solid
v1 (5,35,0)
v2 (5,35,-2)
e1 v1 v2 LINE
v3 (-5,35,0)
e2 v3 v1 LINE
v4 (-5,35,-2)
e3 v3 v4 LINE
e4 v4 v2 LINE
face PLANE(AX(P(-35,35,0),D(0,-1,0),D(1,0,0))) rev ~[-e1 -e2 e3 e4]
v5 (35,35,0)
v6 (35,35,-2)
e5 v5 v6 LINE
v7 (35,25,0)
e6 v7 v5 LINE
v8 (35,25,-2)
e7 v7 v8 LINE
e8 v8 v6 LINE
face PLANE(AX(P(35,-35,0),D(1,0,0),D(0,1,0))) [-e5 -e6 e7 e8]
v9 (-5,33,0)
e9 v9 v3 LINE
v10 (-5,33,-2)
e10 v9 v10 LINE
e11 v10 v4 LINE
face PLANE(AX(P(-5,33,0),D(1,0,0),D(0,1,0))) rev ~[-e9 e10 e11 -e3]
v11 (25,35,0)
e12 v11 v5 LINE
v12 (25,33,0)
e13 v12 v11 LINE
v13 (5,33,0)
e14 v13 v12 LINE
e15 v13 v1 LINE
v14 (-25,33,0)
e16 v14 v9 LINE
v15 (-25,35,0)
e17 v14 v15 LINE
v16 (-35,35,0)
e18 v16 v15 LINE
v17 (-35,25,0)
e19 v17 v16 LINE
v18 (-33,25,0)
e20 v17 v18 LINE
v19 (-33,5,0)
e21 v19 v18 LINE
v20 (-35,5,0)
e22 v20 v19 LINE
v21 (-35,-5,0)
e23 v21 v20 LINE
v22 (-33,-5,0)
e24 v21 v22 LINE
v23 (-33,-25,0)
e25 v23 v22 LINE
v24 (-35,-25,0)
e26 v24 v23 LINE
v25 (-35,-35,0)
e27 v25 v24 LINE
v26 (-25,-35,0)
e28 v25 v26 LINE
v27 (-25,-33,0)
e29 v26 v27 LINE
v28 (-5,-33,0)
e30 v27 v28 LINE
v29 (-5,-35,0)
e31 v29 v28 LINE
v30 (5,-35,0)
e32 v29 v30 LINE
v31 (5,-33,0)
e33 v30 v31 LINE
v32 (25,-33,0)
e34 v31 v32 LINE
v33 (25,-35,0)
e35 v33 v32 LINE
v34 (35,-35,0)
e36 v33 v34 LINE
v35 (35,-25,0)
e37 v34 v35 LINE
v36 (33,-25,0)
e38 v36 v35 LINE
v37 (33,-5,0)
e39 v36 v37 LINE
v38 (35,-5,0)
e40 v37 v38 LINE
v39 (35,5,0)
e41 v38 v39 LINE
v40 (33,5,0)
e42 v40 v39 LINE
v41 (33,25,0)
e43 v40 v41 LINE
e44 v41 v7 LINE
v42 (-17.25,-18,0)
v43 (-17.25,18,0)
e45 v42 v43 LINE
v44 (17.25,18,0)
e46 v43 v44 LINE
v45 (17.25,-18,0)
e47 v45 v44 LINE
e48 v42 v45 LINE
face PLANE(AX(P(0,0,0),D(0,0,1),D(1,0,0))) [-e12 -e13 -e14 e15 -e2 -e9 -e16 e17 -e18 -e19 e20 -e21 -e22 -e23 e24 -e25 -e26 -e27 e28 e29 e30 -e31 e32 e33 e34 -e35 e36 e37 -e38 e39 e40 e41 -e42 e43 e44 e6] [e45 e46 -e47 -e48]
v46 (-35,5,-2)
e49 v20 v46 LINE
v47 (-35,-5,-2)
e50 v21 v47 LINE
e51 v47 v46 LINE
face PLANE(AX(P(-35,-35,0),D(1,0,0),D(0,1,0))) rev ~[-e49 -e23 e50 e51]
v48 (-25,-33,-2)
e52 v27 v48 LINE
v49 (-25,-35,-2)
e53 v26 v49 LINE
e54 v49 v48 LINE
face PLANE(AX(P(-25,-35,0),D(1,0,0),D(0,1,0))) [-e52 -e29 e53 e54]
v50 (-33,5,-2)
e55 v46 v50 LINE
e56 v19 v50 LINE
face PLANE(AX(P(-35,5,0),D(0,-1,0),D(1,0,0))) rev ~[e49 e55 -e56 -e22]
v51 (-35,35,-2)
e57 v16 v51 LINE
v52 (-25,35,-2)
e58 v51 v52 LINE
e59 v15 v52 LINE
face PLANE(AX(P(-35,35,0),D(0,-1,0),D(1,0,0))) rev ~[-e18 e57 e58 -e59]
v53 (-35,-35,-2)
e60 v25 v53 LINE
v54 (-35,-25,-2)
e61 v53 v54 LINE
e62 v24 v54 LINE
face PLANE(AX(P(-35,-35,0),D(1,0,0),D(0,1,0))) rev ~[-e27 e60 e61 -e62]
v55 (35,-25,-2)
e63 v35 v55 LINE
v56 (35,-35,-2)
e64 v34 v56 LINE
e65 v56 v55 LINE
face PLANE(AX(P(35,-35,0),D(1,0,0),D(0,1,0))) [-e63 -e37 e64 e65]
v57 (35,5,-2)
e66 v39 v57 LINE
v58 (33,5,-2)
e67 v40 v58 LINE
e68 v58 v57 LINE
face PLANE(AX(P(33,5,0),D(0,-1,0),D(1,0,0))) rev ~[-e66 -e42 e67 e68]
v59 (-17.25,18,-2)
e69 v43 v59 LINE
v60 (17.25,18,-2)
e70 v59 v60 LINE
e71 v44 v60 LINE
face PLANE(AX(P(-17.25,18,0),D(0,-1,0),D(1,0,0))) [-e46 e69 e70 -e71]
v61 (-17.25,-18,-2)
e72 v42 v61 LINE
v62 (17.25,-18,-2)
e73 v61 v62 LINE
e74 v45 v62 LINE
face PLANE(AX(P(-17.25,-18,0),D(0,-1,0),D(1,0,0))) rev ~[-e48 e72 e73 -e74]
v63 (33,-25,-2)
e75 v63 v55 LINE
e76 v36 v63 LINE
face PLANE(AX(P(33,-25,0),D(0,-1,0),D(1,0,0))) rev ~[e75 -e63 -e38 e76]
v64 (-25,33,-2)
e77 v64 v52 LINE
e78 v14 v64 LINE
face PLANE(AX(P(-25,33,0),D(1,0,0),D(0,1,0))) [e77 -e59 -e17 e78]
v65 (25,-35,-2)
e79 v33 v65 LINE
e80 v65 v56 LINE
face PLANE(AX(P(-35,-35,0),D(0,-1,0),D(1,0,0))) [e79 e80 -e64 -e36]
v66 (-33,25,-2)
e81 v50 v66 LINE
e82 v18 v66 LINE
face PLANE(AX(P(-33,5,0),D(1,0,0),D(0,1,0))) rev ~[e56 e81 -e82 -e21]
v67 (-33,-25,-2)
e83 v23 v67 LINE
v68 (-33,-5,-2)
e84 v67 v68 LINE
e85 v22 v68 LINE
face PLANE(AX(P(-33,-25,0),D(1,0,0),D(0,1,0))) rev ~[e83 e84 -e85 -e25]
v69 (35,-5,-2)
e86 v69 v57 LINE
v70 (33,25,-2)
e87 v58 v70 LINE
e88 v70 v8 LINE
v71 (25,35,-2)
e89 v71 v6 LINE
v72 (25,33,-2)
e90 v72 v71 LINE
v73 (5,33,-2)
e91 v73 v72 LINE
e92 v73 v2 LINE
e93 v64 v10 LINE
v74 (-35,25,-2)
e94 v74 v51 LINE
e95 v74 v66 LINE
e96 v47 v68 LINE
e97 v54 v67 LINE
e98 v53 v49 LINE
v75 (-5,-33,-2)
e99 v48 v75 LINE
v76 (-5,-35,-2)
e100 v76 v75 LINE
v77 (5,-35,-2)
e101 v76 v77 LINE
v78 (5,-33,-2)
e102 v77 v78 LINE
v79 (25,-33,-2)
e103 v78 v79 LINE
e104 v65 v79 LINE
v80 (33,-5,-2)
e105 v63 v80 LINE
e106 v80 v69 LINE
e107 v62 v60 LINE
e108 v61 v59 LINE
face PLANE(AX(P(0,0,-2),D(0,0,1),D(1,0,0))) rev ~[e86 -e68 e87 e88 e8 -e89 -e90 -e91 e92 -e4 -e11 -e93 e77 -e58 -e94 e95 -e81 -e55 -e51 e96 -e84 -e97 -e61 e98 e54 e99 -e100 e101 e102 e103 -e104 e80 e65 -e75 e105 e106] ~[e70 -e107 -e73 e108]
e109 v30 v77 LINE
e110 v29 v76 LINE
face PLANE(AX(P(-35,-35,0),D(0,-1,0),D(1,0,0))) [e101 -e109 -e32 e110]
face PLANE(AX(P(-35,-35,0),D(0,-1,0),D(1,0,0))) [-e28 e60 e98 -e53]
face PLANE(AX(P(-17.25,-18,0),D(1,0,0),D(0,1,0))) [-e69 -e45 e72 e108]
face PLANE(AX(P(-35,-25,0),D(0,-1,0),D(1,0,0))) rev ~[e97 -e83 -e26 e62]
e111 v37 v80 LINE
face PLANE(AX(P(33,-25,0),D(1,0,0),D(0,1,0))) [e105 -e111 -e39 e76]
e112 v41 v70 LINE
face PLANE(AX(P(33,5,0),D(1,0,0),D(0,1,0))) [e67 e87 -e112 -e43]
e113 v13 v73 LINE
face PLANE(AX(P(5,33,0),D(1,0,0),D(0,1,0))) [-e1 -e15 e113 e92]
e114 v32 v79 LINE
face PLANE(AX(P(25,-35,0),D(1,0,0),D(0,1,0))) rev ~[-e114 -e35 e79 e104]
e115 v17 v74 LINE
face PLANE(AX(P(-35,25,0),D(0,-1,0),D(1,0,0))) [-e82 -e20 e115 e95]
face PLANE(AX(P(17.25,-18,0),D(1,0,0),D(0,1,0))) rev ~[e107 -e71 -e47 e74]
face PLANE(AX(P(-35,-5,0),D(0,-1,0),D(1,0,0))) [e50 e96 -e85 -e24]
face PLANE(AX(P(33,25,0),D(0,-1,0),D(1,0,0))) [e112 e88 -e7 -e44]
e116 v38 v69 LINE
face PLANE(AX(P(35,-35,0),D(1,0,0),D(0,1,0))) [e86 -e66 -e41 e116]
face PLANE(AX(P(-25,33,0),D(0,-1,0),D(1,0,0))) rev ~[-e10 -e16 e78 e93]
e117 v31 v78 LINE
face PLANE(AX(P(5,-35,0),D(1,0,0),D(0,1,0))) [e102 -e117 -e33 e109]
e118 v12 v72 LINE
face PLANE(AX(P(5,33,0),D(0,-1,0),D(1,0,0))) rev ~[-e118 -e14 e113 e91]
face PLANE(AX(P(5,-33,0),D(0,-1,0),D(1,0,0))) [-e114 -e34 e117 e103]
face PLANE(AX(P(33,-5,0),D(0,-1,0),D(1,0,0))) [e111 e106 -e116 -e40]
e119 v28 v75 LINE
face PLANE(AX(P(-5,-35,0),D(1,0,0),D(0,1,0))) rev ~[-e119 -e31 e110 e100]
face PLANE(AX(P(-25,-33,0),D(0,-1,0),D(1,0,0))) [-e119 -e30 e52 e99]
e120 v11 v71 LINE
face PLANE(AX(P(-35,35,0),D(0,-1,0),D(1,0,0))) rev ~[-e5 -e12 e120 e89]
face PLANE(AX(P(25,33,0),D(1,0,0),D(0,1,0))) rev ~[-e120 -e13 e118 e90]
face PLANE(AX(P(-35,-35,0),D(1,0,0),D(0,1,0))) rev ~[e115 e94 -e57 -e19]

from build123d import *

# Parameters (mm, degrees)
SKETCH1_W           = 70
SKETCH1_H           = 70
SKETCH1_W_2         = 34.5
SKETCH1_H_2         = 36
BOSS_EXTRUDE1_DEPTH = 2
SKETCH2_W           = 2
SKETCH2_H           = 20
SKETCH2_W_2         = 20
SKETCH2_H_2         = 2
CUT_EXTRUDE1_DEPTH  = 2


with BuildPart() as part:
    # Sketch1 → Boss-Extrude1 (new body)
    with BuildSketch(Plane.XY):
        Rectangle(SKETCH1_W, SKETCH1_H)
        Rectangle(SKETCH1_W_2, SKETCH1_H_2, mode=Mode.SUBTRACT)
    extrude(amount=-BOSS_EXTRUDE1_DEPTH)

    # Sketch2 → Cut-Extrude1 (cut)
    with BuildSketch(Plane.XY):
        with Locations((-34, 15)):
            Rectangle(SKETCH2_W, SKETCH2_H)
        with Locations((-34, -15)):
            Rectangle(SKETCH2_W, SKETCH2_H)
        with Locations((-15, -34)):
            Rectangle(SKETCH2_W_2, SKETCH2_H_2)
        with Locations((15, -34)):
            Rectangle(SKETCH2_W_2, SKETCH2_H_2)
        with Locations((34, -15)):
            Rectangle(SKETCH2_W, SKETCH2_H)
        with Locations((34, 15)):
            Rectangle(SKETCH2_W, SKETCH2_H)
        with Locations((15, 34)):
            Rectangle(SKETCH2_W_2, SKETCH2_H_2)
        with Locations((-15, 34)):
            Rectangle(SKETCH2_W_2, SKETCH2_H_2)
    extrude(amount=-CUT_EXTRUDE1_DEPTH, mode=Mode.SUBTRACT)


solid = part.part
